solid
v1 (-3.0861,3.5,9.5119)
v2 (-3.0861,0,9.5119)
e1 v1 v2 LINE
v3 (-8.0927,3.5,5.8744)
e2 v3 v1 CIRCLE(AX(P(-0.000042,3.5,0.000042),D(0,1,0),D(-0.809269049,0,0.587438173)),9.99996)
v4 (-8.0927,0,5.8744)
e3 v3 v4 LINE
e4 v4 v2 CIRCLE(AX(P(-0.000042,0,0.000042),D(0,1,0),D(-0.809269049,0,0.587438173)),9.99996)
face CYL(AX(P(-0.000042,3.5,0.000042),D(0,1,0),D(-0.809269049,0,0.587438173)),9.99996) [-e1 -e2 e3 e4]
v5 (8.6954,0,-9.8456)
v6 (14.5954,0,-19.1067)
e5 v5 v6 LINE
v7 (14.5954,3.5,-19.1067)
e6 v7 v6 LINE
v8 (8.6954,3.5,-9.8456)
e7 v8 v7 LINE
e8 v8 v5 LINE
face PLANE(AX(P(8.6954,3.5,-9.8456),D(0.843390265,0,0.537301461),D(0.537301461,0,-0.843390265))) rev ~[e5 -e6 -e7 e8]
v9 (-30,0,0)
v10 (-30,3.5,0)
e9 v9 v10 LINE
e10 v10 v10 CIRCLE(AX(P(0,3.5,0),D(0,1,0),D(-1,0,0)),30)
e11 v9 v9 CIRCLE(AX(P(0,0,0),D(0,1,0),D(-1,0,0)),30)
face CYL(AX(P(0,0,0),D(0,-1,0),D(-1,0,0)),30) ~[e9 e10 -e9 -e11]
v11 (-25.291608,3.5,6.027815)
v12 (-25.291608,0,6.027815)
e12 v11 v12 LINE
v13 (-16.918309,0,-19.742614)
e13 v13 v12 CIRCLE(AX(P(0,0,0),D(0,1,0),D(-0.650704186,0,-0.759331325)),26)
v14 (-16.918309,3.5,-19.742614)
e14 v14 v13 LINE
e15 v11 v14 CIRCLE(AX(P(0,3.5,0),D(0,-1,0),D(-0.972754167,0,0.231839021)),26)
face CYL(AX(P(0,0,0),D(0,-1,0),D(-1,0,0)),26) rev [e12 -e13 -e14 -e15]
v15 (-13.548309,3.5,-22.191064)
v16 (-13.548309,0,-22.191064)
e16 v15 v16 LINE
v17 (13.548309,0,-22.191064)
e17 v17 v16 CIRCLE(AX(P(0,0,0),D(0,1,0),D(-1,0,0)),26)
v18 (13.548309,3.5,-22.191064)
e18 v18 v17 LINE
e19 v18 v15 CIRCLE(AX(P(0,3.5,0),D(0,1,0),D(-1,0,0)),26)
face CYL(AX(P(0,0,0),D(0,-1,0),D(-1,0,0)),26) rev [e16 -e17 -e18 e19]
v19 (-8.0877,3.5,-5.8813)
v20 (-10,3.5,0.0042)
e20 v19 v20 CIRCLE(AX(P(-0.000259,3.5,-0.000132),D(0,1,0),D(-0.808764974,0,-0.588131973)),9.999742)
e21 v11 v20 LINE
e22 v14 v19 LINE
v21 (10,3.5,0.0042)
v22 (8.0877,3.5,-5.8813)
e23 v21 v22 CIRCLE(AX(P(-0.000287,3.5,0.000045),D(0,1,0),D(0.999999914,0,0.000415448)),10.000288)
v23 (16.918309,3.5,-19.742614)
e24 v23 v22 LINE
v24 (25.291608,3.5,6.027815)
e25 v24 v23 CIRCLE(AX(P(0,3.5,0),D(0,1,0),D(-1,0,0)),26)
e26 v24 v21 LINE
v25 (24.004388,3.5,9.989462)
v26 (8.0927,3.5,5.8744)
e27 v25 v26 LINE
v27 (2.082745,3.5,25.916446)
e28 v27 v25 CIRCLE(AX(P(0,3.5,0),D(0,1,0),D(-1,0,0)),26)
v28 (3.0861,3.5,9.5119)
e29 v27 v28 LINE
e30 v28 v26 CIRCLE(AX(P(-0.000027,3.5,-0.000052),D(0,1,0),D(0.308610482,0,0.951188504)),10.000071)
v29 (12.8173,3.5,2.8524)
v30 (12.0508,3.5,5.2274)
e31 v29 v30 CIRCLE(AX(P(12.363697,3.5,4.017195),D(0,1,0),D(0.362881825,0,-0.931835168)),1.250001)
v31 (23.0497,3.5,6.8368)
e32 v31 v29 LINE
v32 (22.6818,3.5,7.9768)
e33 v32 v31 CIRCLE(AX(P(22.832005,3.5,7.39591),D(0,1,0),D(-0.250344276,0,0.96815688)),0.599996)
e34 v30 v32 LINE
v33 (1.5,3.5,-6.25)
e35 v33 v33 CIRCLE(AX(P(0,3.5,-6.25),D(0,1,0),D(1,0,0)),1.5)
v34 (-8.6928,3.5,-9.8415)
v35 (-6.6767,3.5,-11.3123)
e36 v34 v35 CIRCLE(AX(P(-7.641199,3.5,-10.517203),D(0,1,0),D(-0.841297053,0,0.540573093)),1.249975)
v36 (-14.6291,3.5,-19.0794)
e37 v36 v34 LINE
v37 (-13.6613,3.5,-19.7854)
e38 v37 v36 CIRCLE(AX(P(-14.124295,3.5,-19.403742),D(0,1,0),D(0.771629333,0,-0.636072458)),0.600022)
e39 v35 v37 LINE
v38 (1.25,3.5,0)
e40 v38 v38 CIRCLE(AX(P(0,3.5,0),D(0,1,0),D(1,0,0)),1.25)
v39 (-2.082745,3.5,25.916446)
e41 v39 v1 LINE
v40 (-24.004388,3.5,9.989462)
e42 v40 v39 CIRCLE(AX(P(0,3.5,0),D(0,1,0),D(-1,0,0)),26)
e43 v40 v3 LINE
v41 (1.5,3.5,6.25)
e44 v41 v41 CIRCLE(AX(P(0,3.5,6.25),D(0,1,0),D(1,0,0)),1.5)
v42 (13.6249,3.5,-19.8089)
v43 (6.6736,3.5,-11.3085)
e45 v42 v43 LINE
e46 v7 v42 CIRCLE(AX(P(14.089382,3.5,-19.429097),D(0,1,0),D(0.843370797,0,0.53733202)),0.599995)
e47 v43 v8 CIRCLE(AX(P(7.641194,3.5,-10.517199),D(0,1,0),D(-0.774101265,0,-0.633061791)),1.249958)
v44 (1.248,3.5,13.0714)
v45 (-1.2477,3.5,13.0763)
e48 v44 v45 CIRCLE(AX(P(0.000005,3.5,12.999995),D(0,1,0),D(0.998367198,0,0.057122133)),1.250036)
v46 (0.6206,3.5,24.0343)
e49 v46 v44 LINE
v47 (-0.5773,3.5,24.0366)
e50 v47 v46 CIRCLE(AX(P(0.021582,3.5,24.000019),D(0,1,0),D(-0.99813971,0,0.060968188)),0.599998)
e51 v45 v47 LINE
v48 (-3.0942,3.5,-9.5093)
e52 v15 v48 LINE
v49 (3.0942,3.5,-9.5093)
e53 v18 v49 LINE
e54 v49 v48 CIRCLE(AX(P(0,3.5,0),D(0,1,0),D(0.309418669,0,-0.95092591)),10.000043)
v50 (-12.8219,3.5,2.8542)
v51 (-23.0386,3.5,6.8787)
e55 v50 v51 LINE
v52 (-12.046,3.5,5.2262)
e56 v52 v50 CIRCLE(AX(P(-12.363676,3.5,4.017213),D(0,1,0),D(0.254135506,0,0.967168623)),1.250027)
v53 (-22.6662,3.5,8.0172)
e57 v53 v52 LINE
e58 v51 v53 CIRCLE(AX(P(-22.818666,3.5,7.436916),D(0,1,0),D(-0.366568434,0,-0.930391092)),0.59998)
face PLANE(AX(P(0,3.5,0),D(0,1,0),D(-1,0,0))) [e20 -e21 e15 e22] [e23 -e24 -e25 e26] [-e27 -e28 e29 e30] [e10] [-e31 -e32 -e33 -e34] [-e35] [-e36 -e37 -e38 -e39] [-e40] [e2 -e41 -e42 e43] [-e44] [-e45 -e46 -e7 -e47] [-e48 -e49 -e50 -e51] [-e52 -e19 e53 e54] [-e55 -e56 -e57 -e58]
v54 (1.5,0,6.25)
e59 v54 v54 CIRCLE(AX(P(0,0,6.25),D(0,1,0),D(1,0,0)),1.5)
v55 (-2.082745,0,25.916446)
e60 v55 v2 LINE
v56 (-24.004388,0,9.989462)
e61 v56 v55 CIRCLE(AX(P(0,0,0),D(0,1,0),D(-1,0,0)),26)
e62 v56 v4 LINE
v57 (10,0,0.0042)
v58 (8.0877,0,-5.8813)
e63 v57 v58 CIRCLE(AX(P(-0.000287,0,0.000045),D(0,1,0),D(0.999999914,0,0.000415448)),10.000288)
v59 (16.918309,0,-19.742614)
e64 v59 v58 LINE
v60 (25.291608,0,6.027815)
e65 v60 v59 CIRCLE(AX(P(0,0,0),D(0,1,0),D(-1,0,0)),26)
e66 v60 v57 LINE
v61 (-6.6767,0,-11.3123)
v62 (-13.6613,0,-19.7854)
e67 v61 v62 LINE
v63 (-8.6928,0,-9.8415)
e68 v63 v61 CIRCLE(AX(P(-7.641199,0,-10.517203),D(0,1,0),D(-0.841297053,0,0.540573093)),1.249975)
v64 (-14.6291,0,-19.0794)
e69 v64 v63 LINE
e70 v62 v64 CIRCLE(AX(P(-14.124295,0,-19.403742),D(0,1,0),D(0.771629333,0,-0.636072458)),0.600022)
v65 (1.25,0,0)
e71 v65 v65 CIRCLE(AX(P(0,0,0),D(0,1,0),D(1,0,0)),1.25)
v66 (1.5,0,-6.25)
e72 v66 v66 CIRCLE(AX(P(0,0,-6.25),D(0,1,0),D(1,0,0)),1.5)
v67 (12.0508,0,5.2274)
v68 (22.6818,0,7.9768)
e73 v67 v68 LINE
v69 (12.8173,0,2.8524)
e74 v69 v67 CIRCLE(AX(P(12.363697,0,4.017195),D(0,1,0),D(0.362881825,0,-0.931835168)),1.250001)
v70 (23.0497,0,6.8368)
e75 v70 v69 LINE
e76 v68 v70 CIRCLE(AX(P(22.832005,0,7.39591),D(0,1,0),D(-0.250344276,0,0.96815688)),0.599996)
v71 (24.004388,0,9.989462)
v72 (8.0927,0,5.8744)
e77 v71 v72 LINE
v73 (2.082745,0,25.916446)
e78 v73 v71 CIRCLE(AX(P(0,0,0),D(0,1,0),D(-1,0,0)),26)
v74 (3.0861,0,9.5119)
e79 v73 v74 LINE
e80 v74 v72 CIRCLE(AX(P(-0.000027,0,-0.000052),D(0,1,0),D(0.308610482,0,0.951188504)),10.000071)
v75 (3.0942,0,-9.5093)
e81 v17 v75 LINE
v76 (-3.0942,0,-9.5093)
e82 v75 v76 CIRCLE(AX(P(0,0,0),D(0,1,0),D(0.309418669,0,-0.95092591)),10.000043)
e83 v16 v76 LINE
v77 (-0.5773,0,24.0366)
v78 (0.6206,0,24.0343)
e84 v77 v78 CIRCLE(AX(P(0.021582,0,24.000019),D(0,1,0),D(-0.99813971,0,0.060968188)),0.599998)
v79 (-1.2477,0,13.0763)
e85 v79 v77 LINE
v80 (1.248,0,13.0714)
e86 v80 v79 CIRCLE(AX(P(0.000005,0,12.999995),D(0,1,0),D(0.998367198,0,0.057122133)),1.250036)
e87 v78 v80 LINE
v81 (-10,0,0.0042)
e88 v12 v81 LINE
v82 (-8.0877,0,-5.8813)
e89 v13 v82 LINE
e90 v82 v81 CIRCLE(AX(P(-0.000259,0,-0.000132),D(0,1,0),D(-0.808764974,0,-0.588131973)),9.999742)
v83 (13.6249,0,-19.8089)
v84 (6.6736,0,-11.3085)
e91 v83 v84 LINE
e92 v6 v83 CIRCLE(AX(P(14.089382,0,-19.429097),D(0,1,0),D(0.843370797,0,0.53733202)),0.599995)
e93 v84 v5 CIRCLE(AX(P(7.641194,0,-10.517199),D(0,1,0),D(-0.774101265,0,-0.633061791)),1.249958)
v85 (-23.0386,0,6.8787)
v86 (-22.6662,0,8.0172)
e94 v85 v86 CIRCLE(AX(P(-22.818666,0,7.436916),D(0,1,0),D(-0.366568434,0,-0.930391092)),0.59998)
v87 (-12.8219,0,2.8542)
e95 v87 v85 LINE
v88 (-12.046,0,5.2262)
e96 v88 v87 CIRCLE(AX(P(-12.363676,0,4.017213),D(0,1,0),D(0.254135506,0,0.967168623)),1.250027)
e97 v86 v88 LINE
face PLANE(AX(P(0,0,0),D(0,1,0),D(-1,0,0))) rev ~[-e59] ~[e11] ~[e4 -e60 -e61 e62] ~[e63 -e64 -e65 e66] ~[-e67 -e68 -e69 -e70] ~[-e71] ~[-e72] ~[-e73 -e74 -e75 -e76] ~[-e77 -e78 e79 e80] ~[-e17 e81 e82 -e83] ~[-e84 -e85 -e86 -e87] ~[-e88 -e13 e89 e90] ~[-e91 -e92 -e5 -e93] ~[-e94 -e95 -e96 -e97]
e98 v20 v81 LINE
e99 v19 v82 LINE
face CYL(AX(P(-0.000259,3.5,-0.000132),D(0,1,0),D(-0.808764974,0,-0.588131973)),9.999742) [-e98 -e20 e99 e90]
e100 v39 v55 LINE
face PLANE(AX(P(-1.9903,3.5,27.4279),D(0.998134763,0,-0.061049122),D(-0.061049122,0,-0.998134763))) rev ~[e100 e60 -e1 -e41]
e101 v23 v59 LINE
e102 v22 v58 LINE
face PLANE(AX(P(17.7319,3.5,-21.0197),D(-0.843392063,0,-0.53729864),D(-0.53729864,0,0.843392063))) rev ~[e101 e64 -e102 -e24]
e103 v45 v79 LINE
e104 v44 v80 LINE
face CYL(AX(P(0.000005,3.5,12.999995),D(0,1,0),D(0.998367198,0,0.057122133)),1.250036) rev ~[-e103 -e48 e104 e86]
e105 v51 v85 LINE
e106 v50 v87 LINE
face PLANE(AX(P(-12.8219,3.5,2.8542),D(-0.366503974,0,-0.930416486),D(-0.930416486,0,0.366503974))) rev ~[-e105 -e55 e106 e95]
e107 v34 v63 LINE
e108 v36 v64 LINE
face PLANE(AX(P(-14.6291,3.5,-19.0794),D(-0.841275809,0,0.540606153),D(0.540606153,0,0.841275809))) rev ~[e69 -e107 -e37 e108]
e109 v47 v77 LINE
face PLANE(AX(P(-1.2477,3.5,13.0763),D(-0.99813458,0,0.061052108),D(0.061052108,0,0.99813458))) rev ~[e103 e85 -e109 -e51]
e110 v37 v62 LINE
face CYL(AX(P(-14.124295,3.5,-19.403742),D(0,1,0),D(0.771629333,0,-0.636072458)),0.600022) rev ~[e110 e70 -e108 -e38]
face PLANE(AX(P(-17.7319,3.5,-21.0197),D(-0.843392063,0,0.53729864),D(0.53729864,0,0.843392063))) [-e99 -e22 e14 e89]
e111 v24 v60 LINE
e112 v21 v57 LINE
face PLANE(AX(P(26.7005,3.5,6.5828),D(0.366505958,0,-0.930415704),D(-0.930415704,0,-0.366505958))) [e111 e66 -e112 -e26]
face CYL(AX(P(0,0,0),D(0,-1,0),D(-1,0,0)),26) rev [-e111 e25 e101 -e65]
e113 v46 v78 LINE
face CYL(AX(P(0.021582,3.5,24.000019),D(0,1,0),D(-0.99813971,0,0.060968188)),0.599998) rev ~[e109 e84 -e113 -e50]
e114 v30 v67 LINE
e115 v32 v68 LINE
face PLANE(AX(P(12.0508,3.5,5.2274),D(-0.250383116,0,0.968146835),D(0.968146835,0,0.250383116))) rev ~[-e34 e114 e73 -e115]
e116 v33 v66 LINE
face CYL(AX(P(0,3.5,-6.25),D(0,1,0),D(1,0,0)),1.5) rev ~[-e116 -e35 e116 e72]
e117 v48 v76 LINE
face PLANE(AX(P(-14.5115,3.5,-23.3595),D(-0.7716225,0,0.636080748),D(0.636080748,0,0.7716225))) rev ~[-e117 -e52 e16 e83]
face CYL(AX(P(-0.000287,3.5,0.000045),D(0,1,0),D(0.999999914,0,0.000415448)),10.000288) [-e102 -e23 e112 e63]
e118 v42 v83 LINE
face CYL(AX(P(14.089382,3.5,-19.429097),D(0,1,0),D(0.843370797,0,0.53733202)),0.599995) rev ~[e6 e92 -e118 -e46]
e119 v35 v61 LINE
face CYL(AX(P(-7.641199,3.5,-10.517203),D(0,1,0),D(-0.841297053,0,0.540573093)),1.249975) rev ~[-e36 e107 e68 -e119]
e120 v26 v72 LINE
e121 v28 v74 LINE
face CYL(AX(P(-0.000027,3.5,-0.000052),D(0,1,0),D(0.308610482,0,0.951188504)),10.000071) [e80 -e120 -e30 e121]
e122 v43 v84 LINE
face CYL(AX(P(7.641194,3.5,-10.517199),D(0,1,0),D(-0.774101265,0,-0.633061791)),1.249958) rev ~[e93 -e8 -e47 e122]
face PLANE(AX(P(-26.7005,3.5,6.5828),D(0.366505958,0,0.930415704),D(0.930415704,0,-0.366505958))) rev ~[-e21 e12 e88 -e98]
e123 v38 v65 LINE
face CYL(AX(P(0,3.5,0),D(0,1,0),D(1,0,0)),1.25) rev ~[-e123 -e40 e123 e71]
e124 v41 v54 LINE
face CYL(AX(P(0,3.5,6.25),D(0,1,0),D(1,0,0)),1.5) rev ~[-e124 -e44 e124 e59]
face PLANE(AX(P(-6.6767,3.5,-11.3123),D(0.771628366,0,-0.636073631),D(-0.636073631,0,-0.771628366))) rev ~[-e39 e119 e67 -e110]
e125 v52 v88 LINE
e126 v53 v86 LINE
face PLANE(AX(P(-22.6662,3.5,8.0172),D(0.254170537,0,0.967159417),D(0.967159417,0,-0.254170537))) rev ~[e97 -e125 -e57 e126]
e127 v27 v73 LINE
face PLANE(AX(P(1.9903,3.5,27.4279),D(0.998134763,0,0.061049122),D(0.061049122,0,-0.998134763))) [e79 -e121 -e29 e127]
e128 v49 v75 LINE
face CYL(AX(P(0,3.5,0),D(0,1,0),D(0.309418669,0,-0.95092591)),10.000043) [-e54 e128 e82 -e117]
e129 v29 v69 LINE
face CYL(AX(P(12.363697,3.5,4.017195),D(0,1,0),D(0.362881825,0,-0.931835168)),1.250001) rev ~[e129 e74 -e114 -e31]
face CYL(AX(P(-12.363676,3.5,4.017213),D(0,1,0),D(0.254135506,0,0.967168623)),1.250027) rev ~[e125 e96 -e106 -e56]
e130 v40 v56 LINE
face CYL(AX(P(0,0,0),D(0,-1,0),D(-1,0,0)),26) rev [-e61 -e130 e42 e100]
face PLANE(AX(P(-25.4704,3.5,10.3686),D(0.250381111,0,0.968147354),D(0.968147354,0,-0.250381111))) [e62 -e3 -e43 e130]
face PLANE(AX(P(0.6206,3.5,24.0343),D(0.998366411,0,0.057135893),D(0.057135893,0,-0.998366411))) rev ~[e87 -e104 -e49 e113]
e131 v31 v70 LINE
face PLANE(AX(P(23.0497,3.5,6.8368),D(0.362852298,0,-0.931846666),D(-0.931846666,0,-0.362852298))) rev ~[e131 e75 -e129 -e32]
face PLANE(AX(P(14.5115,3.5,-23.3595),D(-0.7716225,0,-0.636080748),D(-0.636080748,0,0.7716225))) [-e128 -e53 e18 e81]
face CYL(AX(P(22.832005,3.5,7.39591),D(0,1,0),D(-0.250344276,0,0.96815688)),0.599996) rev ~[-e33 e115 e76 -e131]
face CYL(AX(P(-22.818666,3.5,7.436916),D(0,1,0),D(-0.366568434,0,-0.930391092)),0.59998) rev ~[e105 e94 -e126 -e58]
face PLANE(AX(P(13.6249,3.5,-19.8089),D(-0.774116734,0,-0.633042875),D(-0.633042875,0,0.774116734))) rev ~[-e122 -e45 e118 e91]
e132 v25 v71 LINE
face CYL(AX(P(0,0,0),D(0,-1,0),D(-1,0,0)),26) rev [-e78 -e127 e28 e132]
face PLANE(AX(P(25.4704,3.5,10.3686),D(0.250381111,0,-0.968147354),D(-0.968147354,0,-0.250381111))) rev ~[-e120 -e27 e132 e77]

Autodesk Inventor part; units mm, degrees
ref_plane "YZ Plane" through (0, 0, 0) normal (1, 0, 0) x (0, 1, 0)
ref_plane "XZ Plane" through (0, 0, 0) normal (0, 1, 0) x (-1, 0, 0)
ref_plane "XY Plane" through (0, 0, 0) normal (0, 0, 1) x (1, 0, 0)
sketch "Sketch1" plane through (0, 0, 0) normal (0, 1, 0) x (-1, 0, 0)
  circle A0 centre (0, 0) radius 30
  circle A1 centre (0, 0) radius 26
  dimension "d0" = 60
  dimension "d1" = 52
extrude "Extrusion1" add sketch "Sketch1" along normal blind 3.5
sketch "Sketch2" plane through (0, 3.5, 0) normal (0, 1, 0) x (1, 0, 0)
  circle A0 centre (0, 0) radius 1.25
  line L0 (0, -27.5) -> (0, 0) construction
  circle A1 centre (0, 0) radius 60 construction
  line L1 (-1.9903, -27.4279) -> (-3.0861, -9.5119)
  line L2 (1.9903, -27.4279) -> (3.0861, -9.5119)
  arc A2 (-0.5773, -24.0366) -> (0.6206, -24.0343) centre (0.0216, -24) ccw
  arc A3 (1.248, -13.0714) -> (-1.2477, -13.0763) centre (0, -13) ccw
  line L3 (-1.2477, -13.0763) -> (-0.5773, -24.0366)
  line L4 (0.6206, -24.0343) -> (1.248, -13.0714)
  line L5 (-2.2, -24) -> (2.2, -24) construction
  line L6 (25.4704, -10.3686) -> (8.0927, -5.8744)
  line L7 (26.7005, -6.5828) -> (10, -0.0042)
  line L8 (23.0497, -6.8368) -> (12.8173, -2.8524)
  arc A4 (12.8173, -2.8524) -> (12.0508, -5.2274) centre (12.3637, -4.0172) ccw
  line L9 (12.0508, -5.2274) -> (22.6818, -7.9768)
  arc A5 (22.6818, -7.9768) -> (23.0497, -6.8368) centre (22.832, -7.3959) ccw
  line L10 (17.7319, 21.0197) -> (8.0877, 5.8813)
  line L11 (14.5115, 23.3595) -> (3.0942, 9.5093)
  line L12 (13.6249, 19.8089) -> (6.6736, 11.3085)
  arc A6 (6.6736, 11.3085) -> (8.6954, 9.8456) centre (7.6412, 10.5172) ccw
  line L13 (8.6954, 9.8456) -> (14.5954, 19.1067)
  arc A7 (14.5954, 19.1067) -> (13.6249, 19.8089) centre (14.0894, 19.4291) ccw
  line L14 (-14.5115, 23.3595) -> (-3.0942, 9.5093)
  line L15 (-17.7319, 21.0197) -> (-8.0877, 5.8813)
  line L16 (-14.6291, 19.0794) -> (-8.6928, 9.8415)
  arc A8 (-8.6928, 9.8415) -> (-6.6767, 11.3123) centre (-7.6412, 10.5172) ccw
  line L17 (-6.6767, 11.3123) -> (-13.6613, 19.7854)
  arc A9 (-13.6613, 19.7854) -> (-14.6291, 19.0794) centre (-14.1243, 19.4037) ccw
  line L18 (-26.7005, -6.5828) -> (-10, -0.0042)
  line L19 (-25.4704, -10.3686) -> (-8.0927, -5.8744)
  line L20 (-22.6662, -8.0172) -> (-12.046, -5.2262)
  arc A10 (-12.046, -5.2262) -> (-12.8219, -2.8542) centre (-12.3637, -4.0172) ccw
  line L21 (-12.8219, -2.8542) -> (-23.0386, -6.8787)
  arc A11 (-23.0386, -6.8787) -> (-22.6662, -8.0172) centre (-22.8187, -7.4369) ccw
  arc A12 (-1.9903, -27.4279) -> (1.9903, -27.4279) centre (0, 0) ccw
  arc A13 (25.4704, -10.3686) -> (26.7005, -6.5828) centre (0, 0) ccw
  arc A14 (17.7319, 21.0197) -> (14.5115, 23.3595) centre (0, 0) ccw
  arc A15 (-14.5115, 23.3595) -> (-17.7319, 21.0197) centre (0, 0) ccw
  arc A16 (-26.7005, -6.5828) -> (-25.4704, -10.3686) centre (0, 0) ccw
  arc A17 (3.0861, -9.5119) -> (8.0927, -5.8744) centre (0, 0) ccw
  arc A18 (10, -0.0042) -> (8.0877, 5.8813) centre (0, 0) ccw
  arc A19 (3.0942, 9.5093) -> (-3.0942, 9.5093) centre (0, 0) ccw
  arc A20 (-8.0877, 5.8813) -> (-10, -0.0042) centre (0, 0) ccw
  arc A21 (-8.0927, -5.8744) -> (-3.0861, -9.5119) centre (0, 0) ccw
  circle A22 centre (0, 0) radius 6.25 construction
  circle A23 centre (0, 6.25) radius 1.5
  circle A24 centre (0, -6.25) radius 1.5
  point P0 (22.1455, -9.5087)
  point P1 (23.5052, -5.3241)
  point P2 (15.8867, 18.1233)
  point P3 (12.327, 20.7095)
  point P4 (-12.327, 20.7095)
  point P5 (-15.8867, 18.1233)
  point P6 (-23.5052, -5.3241)
  point P7 (-22.1455, -9.5087)
  dimension "d11" = 2.5
  dimension "d13" = 120
  dimension "d15" = 3.5
  dimension "d17" = 0.6
  dimension "d18" = 2.5
  dimension "d19" = 24
  dimension "d20" = 13
  dimension "d21" = 0.225
  dimension "d22" = 4.4
  dimension "d25" = 360
  dimension "d27" = 10
  dimension "d28" = 27.5
  dimension "d29" = 12.5
  dimension "d30" = 3
extrude "Extrusion2" add sketch "Sketch2" against normal up to surface (3.5 mm away)
properties part number "wheel"
